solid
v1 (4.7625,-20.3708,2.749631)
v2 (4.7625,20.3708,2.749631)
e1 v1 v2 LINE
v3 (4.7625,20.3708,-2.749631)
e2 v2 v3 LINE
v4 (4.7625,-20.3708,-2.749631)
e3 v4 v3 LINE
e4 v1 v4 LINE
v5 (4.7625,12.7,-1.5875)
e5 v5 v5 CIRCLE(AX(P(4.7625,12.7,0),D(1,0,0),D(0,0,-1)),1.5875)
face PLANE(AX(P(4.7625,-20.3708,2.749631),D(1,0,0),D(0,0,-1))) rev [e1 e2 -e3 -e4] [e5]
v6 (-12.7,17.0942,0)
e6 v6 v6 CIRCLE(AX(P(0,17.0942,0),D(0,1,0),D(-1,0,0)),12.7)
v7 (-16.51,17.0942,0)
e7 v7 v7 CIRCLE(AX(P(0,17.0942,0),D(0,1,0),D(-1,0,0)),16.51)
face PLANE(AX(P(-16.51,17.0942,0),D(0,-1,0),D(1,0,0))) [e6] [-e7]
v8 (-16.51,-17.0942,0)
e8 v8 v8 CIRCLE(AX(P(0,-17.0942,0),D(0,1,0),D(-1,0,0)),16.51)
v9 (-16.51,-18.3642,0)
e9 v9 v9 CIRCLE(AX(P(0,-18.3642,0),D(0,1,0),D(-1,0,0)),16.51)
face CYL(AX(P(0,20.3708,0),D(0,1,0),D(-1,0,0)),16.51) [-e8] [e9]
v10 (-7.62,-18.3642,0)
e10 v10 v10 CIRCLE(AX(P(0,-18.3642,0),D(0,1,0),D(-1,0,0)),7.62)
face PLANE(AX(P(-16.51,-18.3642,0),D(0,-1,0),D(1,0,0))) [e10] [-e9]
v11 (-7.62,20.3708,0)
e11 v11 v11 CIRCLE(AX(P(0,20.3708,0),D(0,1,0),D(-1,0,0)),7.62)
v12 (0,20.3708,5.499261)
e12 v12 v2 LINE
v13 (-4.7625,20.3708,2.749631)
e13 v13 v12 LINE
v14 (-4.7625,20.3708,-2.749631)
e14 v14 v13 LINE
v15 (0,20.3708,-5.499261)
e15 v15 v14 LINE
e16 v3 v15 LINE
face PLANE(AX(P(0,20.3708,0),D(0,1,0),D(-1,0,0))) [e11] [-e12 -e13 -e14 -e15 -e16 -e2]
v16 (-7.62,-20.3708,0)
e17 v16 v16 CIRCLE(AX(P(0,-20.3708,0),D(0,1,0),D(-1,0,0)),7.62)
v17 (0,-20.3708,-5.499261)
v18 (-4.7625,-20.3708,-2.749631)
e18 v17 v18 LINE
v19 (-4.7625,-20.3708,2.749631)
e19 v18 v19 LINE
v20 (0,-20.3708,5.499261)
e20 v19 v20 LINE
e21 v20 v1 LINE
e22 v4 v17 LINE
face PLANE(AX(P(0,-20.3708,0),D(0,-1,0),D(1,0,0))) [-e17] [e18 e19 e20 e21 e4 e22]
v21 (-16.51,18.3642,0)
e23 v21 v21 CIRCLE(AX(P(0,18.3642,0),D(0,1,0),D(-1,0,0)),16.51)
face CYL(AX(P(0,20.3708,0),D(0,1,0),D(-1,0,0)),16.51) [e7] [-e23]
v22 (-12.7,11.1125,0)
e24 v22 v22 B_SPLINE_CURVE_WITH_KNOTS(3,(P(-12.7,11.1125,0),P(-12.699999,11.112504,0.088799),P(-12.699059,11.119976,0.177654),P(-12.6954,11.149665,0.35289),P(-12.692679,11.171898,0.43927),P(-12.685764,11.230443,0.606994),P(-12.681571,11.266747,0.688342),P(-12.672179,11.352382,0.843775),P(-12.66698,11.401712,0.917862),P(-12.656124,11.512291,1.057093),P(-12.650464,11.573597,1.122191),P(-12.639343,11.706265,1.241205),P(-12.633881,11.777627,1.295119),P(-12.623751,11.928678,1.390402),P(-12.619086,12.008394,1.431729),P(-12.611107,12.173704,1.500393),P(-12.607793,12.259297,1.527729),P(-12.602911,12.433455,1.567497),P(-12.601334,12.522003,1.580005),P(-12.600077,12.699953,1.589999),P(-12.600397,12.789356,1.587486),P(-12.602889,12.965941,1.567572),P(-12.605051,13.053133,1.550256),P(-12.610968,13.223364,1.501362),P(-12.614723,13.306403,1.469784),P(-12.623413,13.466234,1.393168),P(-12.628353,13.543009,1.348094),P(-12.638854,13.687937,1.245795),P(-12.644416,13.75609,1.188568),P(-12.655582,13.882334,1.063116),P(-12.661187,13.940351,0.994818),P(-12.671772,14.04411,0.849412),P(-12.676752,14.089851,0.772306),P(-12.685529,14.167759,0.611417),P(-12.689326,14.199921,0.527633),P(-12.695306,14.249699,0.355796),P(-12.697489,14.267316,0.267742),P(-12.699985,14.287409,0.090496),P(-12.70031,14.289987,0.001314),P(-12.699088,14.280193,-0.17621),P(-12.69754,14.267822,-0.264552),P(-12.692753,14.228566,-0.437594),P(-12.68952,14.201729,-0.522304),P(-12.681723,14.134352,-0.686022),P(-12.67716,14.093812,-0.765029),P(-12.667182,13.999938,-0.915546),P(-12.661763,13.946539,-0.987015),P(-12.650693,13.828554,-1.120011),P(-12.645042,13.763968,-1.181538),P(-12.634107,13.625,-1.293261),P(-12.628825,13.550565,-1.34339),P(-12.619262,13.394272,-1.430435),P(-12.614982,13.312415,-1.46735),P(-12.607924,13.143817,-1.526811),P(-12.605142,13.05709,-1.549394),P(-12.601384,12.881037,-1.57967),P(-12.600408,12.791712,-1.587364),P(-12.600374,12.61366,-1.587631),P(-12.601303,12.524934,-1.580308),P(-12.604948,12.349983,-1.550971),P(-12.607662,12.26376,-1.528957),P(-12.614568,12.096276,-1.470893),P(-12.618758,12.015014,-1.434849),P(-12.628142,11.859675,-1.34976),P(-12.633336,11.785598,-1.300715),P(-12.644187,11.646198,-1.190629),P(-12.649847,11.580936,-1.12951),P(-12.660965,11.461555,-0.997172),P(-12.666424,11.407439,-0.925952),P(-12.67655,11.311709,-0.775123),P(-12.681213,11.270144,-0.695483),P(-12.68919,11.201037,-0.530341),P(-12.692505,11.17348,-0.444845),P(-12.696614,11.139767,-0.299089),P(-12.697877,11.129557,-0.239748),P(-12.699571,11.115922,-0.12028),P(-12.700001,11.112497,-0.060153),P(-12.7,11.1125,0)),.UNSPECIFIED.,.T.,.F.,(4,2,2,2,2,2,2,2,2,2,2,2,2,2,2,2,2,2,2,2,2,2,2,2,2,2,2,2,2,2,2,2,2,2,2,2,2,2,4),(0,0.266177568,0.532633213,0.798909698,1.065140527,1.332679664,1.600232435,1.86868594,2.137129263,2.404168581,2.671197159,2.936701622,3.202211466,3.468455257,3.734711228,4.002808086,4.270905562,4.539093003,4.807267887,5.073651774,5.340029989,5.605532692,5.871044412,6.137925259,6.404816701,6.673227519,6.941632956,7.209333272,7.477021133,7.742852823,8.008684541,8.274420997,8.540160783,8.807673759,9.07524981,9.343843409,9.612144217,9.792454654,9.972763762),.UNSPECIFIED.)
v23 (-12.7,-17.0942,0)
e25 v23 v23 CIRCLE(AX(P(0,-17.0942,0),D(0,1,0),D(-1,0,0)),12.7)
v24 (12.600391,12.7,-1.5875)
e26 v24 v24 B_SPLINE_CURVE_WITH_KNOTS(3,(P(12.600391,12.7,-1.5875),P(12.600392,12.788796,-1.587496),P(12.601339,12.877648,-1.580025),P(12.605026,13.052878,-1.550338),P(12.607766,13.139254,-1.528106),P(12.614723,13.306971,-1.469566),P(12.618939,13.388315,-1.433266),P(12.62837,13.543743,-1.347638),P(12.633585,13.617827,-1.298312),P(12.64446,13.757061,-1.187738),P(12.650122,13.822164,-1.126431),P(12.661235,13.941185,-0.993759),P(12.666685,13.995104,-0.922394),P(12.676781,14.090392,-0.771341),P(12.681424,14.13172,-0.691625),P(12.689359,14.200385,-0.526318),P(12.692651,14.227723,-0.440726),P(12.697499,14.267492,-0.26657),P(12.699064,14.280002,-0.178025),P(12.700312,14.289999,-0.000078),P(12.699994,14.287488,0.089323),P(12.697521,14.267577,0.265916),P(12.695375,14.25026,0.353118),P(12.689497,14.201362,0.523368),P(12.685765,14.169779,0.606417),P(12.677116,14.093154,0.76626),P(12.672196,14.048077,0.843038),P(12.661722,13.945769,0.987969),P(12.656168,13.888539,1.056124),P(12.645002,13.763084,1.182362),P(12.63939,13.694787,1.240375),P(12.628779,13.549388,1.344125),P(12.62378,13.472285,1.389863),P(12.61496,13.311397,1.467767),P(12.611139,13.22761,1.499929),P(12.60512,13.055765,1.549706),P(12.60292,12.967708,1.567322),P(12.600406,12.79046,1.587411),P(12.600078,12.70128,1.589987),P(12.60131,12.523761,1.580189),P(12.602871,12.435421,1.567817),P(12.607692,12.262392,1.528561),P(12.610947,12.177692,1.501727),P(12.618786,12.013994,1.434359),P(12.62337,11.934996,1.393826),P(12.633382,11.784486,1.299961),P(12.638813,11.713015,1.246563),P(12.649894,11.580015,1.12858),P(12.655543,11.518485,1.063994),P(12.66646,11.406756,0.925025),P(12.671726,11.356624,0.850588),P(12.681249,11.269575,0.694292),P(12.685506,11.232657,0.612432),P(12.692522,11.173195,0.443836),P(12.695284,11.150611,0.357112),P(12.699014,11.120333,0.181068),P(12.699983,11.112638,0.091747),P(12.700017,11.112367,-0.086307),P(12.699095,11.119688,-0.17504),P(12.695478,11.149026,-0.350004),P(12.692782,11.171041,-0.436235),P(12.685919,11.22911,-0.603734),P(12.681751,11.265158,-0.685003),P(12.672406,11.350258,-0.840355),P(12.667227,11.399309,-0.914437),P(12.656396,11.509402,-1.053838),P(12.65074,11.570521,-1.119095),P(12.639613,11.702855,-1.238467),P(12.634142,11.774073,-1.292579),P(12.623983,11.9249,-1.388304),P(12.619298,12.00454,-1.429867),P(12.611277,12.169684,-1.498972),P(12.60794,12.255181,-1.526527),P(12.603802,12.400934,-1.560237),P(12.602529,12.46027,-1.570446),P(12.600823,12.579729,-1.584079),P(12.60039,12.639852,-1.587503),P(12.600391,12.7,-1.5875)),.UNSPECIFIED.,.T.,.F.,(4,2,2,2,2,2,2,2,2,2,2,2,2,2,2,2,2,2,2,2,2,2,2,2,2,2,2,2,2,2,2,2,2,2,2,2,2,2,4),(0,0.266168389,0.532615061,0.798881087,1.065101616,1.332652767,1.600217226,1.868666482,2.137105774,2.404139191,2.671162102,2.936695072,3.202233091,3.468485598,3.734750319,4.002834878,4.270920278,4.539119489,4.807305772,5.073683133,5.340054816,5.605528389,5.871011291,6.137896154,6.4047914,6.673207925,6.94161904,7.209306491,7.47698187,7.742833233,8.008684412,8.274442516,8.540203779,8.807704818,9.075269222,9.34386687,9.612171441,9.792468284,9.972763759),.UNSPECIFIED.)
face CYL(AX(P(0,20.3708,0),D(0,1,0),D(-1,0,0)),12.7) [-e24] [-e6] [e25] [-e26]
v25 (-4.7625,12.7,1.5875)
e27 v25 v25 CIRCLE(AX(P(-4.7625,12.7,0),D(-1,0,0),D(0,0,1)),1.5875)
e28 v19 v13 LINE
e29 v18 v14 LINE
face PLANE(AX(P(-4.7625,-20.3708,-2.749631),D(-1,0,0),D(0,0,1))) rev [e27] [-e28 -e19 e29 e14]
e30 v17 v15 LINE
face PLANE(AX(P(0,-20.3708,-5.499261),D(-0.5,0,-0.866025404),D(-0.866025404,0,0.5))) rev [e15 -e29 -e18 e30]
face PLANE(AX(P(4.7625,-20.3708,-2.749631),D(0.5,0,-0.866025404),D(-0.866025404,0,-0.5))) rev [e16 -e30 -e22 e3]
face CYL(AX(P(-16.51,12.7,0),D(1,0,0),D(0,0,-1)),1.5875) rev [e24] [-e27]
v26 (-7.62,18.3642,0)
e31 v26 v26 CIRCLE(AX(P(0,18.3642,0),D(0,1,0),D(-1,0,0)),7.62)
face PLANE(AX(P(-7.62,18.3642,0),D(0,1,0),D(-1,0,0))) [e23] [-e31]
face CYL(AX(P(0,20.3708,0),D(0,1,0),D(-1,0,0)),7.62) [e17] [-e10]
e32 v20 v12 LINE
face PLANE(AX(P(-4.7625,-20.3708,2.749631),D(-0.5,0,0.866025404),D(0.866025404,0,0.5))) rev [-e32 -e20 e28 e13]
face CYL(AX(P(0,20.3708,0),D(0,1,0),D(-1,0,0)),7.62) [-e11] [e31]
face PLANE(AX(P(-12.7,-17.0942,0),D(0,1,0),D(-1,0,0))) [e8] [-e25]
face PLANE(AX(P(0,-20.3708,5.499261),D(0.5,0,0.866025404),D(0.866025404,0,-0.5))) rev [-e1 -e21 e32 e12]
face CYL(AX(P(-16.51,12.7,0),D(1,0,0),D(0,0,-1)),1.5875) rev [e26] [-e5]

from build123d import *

# Parameters (mm, degrees)
CUT_EXTRUDE1_DEPTH      = 41.7416
SKETCH3_R               = 1.5875
CUT_EXTRUDE2_DEPTH      = 17.51
CUT_EXTRUDE2_DEPTH_BACK = 17.51


with BuildPart() as part:
    # Sketch1 → Revolve1 (revolve)
    with BuildSketch(Plane.XY):
        Polygon((-7.62, 18.3642), (-16.51, 18.3642), (-16.51, 17.0942), (-12.7, 17.0942), (-12.7, -17.0942), (-16.51, -17.0942), (-16.51, -18.3642), (-7.62, -18.3642), (-7.62, -20.3708), (0, -20.3708), (0, 20.3708), (-7.62, 20.3708), align=None)
    revolve(axis=Axis((0, 20.3708, 0), (0, -1, 0)))

    # Sketch2 → Cut-Extrude1 (cut, through all)
    with BuildSketch(Plane(origin=(0, 20.3708, 0), x_dir=(1, 0, 0), z_dir=(0, 1, 0))):
        Polygon((0, 5.499261314), (-4.7625, 2.749630657), (-4.7625, -2.749630657), (0, -5.499261314), (4.7625, -2.749630657), (4.7625, 2.749630657), align=None)
    extrude(amount=-CUT_EXTRUDE1_DEPTH, mode=Mode.SUBTRACT)

    # Sketch3 → Cut-Extrude2 (cut, two sides)
    with BuildSketch(Plane(origin=(0, 0, 0), x_dir=(0, 0, -1), z_dir=(1, 0, 0))) as cut_extrude2_sk:
        with Locations((0, 12.7)):
            Circle(SKETCH3_R)
    extrude(amount=CUT_EXTRUDE2_DEPTH, mode=Mode.SUBTRACT)
    extrude(cut_extrude2_sk.sketch, amount=-CUT_EXTRUDE2_DEPTH_BACK, mode=Mode.SUBTRACT)


solid = part.part
